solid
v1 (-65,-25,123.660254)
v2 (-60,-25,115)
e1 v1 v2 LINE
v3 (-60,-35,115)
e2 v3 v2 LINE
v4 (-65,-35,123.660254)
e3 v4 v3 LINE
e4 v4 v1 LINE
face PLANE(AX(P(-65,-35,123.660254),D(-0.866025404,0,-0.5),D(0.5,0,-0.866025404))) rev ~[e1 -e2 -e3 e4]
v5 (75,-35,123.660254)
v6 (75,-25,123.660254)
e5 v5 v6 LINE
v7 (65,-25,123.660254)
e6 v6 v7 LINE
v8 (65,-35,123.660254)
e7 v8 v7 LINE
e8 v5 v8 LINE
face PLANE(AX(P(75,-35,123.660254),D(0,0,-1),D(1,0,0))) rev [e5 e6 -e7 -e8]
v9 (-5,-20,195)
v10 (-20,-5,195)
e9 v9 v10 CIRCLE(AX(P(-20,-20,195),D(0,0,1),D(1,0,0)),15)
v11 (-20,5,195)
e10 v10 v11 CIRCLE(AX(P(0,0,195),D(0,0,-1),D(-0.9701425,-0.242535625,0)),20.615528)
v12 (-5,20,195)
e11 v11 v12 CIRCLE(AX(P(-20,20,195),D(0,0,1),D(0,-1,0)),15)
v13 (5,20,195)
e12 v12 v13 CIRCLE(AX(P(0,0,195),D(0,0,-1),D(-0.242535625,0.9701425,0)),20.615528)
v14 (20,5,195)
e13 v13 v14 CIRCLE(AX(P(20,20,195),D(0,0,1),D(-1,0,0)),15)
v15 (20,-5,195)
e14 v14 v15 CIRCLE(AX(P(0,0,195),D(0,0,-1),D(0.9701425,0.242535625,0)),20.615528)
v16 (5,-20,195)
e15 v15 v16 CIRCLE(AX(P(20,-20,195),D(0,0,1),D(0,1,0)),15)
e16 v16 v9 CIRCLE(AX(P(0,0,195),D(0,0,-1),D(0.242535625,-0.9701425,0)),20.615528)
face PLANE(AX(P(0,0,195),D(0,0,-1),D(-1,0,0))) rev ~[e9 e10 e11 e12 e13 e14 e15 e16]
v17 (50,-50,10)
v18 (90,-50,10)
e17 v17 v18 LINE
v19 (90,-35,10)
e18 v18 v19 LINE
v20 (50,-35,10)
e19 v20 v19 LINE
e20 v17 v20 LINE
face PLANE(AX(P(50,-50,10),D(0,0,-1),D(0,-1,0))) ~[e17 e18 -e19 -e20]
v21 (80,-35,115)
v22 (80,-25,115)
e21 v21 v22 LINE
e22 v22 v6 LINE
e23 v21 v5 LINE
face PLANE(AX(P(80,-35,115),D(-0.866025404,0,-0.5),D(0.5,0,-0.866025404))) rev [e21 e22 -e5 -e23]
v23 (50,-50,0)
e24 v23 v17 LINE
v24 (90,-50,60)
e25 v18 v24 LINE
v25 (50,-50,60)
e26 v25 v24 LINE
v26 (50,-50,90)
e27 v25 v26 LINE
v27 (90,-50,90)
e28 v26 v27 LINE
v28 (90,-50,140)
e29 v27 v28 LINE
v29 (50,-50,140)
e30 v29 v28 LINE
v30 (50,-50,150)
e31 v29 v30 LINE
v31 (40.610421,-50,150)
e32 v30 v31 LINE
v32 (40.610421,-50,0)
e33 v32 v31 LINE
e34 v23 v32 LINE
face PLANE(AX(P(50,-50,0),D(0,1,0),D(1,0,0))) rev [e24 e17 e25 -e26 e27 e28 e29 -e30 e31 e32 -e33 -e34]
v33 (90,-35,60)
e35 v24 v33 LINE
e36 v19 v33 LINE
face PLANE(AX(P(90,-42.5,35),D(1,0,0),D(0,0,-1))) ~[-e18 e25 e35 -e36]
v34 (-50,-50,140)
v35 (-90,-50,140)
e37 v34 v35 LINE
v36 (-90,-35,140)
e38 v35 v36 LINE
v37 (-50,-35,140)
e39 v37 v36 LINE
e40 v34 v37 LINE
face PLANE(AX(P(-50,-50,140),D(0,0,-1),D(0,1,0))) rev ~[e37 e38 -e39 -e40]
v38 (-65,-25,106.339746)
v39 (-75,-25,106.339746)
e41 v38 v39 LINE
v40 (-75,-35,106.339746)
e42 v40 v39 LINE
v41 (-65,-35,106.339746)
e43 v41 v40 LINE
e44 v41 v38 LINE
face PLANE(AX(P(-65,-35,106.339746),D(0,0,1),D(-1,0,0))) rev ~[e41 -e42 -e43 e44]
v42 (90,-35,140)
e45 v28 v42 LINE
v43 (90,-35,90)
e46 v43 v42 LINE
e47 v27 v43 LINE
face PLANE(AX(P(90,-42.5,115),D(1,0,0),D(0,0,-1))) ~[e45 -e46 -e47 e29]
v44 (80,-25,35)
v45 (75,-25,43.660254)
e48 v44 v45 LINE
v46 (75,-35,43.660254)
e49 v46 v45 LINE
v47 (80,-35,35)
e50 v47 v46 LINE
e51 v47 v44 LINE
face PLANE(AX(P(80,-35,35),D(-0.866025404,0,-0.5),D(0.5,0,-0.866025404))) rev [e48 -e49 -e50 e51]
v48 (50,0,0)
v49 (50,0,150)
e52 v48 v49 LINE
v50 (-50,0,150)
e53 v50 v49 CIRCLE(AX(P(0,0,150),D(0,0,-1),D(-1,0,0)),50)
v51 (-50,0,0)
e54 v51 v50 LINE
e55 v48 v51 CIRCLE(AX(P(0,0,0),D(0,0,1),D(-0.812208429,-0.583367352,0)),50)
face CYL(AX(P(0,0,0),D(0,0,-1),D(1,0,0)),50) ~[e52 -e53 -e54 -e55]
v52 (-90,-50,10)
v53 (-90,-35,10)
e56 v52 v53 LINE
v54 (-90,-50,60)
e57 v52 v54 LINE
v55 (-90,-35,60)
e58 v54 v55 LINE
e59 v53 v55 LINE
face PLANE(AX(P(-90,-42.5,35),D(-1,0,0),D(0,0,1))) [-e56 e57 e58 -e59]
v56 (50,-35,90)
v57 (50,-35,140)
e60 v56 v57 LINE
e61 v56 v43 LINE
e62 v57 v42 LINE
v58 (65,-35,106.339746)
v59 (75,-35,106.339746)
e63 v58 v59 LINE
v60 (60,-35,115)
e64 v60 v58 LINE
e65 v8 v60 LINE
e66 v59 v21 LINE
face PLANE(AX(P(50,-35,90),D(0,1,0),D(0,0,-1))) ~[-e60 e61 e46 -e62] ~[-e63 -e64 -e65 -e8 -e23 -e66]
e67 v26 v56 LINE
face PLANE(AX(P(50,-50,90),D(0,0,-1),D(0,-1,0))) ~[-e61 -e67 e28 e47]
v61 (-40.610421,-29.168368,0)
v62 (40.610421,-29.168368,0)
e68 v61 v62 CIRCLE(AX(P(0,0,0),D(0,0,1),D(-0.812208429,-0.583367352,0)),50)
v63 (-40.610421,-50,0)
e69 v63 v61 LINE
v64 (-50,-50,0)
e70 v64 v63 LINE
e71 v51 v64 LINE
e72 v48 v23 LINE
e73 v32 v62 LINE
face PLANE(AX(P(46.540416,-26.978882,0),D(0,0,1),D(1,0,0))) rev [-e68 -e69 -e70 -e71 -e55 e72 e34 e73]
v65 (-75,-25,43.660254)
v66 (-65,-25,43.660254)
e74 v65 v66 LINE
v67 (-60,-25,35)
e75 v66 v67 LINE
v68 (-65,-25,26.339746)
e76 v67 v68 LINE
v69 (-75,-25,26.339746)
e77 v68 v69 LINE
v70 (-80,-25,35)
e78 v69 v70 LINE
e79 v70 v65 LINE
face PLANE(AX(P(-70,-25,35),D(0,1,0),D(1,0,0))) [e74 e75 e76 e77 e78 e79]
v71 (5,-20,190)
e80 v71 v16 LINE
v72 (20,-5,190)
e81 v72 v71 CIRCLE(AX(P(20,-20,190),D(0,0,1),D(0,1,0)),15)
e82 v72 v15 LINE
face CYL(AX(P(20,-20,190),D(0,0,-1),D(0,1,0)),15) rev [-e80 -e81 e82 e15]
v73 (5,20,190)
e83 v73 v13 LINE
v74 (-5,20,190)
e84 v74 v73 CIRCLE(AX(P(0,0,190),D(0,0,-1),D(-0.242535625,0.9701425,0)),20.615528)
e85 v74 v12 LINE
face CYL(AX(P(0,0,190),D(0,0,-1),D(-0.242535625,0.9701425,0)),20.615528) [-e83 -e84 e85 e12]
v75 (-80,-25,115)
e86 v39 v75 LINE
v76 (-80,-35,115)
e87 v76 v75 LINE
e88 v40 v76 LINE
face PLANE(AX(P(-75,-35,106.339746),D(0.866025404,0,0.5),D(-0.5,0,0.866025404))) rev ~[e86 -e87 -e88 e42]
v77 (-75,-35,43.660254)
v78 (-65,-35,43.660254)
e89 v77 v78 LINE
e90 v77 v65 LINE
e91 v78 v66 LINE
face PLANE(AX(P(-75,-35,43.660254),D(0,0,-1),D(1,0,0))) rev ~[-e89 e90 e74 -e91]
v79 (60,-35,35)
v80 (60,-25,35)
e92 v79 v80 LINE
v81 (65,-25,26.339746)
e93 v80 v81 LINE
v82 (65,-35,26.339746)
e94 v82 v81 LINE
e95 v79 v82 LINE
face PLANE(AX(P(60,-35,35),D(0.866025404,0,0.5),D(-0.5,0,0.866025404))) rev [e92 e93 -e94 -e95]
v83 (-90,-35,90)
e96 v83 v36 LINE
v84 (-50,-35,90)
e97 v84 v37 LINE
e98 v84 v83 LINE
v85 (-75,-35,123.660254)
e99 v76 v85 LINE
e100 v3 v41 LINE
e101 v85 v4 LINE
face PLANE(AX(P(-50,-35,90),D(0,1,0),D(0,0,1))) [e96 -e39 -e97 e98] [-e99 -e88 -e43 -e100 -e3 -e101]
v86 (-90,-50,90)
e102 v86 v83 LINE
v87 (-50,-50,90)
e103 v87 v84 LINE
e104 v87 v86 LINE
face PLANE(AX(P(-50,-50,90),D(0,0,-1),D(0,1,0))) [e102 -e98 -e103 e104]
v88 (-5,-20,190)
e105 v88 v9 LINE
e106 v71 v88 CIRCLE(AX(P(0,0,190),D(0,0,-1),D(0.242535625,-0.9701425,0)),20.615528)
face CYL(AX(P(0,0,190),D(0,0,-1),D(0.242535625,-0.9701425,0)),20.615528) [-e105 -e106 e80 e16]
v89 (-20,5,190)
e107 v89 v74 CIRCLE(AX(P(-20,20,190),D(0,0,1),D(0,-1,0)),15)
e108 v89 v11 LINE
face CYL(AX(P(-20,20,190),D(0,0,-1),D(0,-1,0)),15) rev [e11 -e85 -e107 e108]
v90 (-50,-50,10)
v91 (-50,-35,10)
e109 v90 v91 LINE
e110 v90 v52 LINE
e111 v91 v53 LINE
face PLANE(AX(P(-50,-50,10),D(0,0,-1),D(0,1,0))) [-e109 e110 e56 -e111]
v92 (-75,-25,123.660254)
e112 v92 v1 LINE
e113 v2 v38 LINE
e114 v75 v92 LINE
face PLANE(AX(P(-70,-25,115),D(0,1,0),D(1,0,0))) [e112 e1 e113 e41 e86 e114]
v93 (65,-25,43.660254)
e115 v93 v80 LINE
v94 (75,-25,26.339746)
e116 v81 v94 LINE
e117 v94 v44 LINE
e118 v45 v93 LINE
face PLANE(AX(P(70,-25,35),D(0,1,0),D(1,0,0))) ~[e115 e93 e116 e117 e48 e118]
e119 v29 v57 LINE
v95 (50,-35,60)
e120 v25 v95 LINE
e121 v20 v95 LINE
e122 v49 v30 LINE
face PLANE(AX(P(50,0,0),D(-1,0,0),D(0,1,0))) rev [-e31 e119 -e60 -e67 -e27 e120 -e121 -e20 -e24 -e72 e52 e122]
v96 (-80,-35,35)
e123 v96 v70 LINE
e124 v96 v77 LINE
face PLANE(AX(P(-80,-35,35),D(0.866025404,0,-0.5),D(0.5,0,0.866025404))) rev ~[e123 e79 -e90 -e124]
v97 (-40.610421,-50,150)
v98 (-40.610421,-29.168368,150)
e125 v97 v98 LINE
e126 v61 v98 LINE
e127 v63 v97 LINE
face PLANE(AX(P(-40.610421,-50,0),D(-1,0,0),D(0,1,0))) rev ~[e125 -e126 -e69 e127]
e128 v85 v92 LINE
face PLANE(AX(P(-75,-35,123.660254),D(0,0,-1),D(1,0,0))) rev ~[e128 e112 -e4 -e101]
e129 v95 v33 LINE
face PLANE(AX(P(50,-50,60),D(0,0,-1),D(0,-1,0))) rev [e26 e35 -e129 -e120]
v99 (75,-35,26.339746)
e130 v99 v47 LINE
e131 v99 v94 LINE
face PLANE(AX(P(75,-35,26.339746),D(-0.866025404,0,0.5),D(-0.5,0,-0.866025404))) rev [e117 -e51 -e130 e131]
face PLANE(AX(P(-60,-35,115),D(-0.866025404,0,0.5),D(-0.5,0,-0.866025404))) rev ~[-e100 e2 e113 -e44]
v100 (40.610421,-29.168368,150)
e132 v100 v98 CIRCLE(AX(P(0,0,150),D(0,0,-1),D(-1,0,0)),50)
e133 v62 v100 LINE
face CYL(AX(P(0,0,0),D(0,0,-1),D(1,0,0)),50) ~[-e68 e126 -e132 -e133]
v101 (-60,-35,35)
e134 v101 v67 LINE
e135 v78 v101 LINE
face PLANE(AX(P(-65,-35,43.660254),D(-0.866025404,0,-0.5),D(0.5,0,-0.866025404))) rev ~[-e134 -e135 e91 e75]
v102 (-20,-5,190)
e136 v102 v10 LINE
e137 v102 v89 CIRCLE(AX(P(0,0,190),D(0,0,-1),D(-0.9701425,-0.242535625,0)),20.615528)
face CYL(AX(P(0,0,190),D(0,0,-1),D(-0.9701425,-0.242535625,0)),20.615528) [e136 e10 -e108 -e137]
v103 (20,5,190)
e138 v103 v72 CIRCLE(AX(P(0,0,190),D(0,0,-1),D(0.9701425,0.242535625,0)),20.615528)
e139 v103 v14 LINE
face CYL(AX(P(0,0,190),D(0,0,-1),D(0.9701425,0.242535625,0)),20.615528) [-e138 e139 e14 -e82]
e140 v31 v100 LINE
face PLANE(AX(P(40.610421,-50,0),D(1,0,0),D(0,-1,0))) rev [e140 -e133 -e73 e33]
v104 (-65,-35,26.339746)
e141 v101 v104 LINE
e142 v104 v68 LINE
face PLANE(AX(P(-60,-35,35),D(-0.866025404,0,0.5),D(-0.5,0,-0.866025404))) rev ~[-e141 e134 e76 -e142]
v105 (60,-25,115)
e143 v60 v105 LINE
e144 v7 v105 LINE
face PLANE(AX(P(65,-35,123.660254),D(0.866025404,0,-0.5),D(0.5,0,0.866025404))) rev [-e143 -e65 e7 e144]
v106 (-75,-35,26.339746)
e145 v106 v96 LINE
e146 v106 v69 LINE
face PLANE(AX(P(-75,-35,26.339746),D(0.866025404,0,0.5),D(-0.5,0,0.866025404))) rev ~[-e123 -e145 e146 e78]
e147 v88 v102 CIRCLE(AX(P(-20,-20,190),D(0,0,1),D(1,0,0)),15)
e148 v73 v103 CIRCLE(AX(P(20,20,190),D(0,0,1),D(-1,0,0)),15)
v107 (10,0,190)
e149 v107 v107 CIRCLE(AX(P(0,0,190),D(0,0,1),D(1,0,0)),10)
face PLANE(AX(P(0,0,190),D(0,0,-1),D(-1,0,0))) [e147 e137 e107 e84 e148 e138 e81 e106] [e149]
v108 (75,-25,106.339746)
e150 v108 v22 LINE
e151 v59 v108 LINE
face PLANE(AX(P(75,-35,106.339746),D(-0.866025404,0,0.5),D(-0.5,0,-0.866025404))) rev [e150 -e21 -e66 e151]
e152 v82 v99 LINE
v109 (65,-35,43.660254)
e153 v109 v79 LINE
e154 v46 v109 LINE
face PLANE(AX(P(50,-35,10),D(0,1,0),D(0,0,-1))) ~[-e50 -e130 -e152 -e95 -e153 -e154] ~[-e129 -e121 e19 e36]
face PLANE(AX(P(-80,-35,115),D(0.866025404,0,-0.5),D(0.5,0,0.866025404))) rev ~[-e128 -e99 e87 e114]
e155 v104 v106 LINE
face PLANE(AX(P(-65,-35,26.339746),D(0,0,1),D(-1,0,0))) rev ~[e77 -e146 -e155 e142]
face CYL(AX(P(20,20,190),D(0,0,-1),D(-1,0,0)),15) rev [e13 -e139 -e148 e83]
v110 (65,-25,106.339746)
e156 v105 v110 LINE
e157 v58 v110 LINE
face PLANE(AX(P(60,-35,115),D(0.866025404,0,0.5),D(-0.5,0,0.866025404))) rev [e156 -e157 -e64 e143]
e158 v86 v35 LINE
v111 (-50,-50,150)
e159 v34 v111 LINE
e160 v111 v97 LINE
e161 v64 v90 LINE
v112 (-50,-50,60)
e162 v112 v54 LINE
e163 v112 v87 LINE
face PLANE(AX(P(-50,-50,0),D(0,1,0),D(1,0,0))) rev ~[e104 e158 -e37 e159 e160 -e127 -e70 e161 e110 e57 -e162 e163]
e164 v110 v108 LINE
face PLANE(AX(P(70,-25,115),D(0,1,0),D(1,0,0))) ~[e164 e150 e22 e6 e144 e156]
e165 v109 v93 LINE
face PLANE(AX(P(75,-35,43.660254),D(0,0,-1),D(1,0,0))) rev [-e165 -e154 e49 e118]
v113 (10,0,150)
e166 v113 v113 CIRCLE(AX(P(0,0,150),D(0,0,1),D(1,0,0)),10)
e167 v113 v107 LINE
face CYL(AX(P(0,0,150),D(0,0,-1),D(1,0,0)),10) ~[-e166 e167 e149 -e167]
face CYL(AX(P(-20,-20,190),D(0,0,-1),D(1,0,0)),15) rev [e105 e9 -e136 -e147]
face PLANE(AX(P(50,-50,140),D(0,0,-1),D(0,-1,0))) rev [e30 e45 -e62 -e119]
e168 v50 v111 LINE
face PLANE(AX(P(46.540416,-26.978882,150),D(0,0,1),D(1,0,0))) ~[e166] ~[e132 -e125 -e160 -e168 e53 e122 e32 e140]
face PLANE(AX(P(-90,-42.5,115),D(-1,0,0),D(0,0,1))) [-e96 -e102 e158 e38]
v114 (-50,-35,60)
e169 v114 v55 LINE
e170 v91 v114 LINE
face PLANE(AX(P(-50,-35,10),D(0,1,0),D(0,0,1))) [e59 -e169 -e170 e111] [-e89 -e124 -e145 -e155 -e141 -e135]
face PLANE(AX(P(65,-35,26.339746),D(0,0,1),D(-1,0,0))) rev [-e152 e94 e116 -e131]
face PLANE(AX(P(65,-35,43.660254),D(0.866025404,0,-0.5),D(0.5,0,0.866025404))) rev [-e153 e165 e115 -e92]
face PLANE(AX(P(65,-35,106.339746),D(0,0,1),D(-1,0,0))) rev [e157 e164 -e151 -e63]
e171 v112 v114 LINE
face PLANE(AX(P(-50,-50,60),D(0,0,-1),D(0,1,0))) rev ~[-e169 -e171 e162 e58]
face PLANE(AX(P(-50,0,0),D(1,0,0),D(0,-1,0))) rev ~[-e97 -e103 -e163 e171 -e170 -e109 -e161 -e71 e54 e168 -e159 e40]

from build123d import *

# Parameters (mm, degrees)
SZKIC1_R                    = 50
DODANIE_WYCI_GNI_CIE1_DEPTH = 150
SZKIC2_R                    = 10
DODANIE_WYCI_GNI_CIE2_DEPTH = 40
DODANIE_WYCI_GNI_CIE3_DEPTH = 5
DODANIE_WYCI_GNI_CIE4_DEPTH = 150
SZKIC5_W                    = 50
SZKIC5_H                    = 15
DODANIE_WYCI_GNI_CIE5_DEPTH = 40
DODANIE_WYCI_GNI_CIE6_DEPTH = 10


with BuildPart() as part:
    # Szkic1 → Dodanie-wyciągnięcie1 (new body)
    with BuildSketch(Plane.XY):
        Circle(SZKIC1_R)
    extrude(amount=DODANIE_WYCI_GNI_CIE1_DEPTH)

    # Szkic2 → Dodanie-wyciągnięcie2 (add)
    with BuildSketch(Plane.XY.offset(150)):
        Circle(SZKIC2_R)
    extrude(amount=DODANIE_WYCI_GNI_CIE2_DEPTH)

    # Szkic3 → Dodanie-wyciągnięcie3 (add)
    with BuildSketch(Plane.XY.offset(190)):
        with BuildLine():
            ThreePointArc((-5, -20), (-9.393398282, -9.393398282), (-20, -5))
            ThreePointArc((-20, -5), (-20.615528128, 0), (-20, 5))
            ThreePointArc((-20, 5), (-9.393398282, 9.393398282), (-5, 20))
            ThreePointArc((-5, 20), (0, 20.615528128), (5, 20))
            ThreePointArc((5, 20), (9.393398282, 9.393398282), (20, 5))
            ThreePointArc((20, 5), (20.615528128, 0), (20, -5))
            ThreePointArc((20, -5), (9.393398282, -9.393398282), (5, -20))
            ThreePointArc((5, -20), (0, -20.615528128), (-5, -20))
        make_face()
    extrude(amount=DODANIE_WYCI_GNI_CIE3_DEPTH)

    # Szkic4 → Dodanie-wyciągnięcie4 (add)
    with BuildSketch(Plane.XY):
        Polygon((-50, 0), (-50, -50), (-40.610421469, -50), (-40.610421469, -29.168367595), align=None)
    dodanie_wyci_gni_cie4 = extrude(amount=DODANIE_WYCI_GNI_CIE4_DEPTH)

    # Szkic5 → Dodanie-wyciągnięcie5 (add)
    with BuildSketch(Plane.ZY.offset(50)):
        with Locations((35, -42.5)):
            Rectangle(SZKIC5_W, SZKIC5_H)
        with Locations((115, -42.5)):
            Rectangle(SZKIC5_W, SZKIC5_H)
    dodanie_wyci_gni_cie5 = extrude(amount=DODANIE_WYCI_GNI_CIE5_DEPTH)

    # Szkic6 → Dodanie-wyciągnięcie6 (add)
    with BuildSketch(Plane(origin=(0, -35, 0), x_dir=(1, 0, 0), z_dir=(0, 1, 0))):
        Polygon((-65, -26.339745962), (-75, -26.339745962), (-80, -35), (-75, -43.660254038), (-65, -43.660254038), (-60, -35), align=None)
        Polygon((-60, -115), (-65, -106.339745962), (-75, -106.339745962), (-80, -115), (-75, -123.660254038), (-65, -123.660254038), align=None)
    dodanie_wyci_gni_cie6 = extrude(amount=DODANIE_WYCI_GNI_CIE6_DEPTH)

    # Lustro1: Dodanie-wyciągnięcie4, Dodanie-wyciągnięcie5, Dodanie-wyciągnięcie6 across plane
    add(dodanie_wyci_gni_cie4.mirror(Plane(origin=(0, 0, 0), x_dir=(0, 0, 1), z_dir=(1, 0, 0))))
    add(dodanie_wyci_gni_cie5.mirror(Plane(origin=(0, 0, 0), x_dir=(0, 0, 1), z_dir=(1, 0, 0))))
    add(dodanie_wyci_gni_cie6.mirror(Plane(origin=(0, 0, 0), x_dir=(0, 0, 1), z_dir=(1, 0, 0))))


solid = part.part
